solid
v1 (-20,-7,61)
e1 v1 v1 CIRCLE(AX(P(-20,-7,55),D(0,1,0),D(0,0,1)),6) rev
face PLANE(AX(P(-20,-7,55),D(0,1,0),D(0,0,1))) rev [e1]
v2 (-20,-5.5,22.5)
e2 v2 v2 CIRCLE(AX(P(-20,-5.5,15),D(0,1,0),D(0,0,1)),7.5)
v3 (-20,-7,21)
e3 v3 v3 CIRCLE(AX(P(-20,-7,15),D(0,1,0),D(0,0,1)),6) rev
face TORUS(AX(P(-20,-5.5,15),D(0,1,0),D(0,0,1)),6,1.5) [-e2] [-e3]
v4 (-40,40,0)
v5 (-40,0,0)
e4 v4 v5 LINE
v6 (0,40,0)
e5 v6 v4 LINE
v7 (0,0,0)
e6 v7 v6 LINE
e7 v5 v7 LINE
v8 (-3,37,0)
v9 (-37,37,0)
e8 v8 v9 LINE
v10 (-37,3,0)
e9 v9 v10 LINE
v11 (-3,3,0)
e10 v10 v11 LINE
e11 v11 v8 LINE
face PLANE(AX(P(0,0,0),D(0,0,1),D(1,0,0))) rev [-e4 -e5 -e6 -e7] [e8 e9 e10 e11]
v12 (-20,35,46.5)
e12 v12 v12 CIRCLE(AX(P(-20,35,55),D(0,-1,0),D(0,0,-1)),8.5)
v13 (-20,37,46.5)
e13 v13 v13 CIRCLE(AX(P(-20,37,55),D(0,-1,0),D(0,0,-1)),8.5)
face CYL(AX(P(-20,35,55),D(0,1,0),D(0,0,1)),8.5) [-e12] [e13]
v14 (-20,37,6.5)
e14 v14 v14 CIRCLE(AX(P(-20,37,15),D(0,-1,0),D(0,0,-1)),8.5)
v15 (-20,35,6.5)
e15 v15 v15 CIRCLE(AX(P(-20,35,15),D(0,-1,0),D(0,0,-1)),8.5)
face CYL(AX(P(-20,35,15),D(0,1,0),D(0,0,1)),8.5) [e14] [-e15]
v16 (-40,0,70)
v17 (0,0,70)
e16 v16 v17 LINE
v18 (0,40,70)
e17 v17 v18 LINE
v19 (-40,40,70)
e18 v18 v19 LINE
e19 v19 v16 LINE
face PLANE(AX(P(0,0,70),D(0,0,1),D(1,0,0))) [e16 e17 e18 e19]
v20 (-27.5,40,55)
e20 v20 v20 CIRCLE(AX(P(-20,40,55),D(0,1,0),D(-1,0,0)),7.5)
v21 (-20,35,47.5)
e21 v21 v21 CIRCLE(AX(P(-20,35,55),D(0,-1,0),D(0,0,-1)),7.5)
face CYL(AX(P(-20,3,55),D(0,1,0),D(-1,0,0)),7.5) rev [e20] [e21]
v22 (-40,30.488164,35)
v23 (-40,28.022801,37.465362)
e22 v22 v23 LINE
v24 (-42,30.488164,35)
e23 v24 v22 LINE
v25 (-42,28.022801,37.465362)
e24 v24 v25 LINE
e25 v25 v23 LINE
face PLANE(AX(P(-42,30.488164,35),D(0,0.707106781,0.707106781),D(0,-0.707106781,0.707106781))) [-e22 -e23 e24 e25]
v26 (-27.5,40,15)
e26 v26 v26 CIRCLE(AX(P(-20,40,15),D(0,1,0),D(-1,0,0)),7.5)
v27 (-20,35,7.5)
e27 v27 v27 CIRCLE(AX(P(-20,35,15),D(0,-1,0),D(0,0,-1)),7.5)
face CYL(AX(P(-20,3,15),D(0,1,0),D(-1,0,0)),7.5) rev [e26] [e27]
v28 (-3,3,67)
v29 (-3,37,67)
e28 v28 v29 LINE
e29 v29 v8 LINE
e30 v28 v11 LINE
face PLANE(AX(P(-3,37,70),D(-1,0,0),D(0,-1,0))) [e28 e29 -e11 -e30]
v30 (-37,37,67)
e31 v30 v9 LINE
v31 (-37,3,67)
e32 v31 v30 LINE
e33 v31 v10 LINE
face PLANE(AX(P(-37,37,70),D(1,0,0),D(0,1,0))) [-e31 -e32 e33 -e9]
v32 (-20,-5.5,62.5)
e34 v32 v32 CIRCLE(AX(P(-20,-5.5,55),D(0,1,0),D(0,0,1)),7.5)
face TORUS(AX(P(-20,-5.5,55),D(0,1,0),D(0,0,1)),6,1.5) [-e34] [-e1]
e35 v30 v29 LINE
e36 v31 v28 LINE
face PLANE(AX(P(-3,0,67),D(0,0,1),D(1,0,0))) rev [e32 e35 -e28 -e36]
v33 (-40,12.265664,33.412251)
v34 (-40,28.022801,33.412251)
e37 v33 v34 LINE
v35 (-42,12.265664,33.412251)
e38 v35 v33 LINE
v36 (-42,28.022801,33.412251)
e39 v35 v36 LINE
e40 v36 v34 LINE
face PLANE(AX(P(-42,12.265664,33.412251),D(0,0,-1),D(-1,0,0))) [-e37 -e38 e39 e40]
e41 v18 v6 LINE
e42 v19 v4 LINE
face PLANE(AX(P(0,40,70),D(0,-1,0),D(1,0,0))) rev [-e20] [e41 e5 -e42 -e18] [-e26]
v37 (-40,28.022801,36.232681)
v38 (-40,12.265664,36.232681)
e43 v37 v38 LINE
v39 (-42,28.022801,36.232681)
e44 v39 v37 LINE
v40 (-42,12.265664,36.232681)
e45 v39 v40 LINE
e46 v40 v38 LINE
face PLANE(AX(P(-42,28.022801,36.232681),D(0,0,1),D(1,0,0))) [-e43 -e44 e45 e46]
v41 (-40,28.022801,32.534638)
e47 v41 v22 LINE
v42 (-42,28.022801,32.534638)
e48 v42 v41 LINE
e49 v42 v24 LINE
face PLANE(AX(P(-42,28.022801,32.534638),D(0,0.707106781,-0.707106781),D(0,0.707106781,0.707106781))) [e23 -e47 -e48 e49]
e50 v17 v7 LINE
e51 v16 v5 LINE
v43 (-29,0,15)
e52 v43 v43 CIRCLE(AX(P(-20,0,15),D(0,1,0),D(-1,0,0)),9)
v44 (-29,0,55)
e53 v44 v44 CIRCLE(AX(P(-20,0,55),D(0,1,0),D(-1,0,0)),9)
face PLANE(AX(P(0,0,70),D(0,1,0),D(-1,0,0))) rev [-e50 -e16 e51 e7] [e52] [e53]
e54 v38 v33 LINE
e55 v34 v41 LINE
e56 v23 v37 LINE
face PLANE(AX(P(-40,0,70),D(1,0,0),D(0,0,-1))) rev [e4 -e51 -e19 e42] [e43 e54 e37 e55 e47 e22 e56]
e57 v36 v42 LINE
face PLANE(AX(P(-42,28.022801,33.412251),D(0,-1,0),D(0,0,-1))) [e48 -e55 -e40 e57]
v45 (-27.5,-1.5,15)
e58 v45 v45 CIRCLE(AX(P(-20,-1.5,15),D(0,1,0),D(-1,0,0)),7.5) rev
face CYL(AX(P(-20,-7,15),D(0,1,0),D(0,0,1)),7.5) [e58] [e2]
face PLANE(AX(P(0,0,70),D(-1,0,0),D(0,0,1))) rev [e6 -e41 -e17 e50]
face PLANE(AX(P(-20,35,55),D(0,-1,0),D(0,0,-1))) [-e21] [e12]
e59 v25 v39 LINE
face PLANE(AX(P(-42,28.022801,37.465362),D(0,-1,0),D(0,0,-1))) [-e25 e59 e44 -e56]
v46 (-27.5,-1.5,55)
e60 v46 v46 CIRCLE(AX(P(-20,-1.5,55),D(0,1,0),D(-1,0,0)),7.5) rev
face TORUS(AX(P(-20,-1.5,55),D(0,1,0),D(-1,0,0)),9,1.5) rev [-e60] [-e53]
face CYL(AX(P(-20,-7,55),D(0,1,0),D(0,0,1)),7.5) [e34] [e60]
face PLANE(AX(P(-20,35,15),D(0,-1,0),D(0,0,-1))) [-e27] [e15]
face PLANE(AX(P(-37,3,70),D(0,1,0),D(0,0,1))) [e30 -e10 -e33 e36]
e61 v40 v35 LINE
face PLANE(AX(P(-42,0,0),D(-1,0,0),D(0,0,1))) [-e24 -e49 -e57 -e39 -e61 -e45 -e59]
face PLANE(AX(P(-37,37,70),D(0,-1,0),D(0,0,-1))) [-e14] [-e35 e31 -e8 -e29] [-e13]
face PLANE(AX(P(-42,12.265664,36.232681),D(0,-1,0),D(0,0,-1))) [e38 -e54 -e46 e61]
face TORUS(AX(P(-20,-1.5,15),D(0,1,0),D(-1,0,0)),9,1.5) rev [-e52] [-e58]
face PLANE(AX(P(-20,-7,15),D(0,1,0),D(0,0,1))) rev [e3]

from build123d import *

# Parameters (mm, degrees)
SKETCH1_W           = 40
SKETCH1_H           = 40
SKETCH1_W_2         = 34
SKETCH1_H_2         = 34
BOSS_EXTRUDE1_DEPTH = 70
SKETCH2_W           = 34
SKETCH2_H           = 3
BOSS_EXTRUDE2_DEPTH = 37
CUT_EXTRUDE1_DEPTH  = 37
SKETCH4_R           = 8.5
SKETCH4_R_2         = 7.5
BOSS_EXTRUDE3_DEPTH = 2
SKETCH6_R           = 7.5
BOSS_EXTRUDE4_DEPTH = 10
FILLET2_R           = 1.5
FILLET3_R           = 1.5
FILLET4_R           = 1.5
FILLET5_R           = 1.5
BOSS_EXTRUDE5_DEPTH = 2


with BuildPart() as part:
    # Sketch1 → Boss-Extrude1 (new body)
    with BuildSketch(Plane.XY):
        with Locations((-20, 20)):
            Rectangle(SKETCH1_W, SKETCH1_H)
        with Locations((-20, 20)):
            Rectangle(SKETCH1_W_2, SKETCH1_H_2, mode=Mode.SUBTRACT)
    extrude(amount=BOSS_EXTRUDE1_DEPTH)

    # Sketch2 → Boss-Extrude2 (add)
    with BuildSketch(Plane(origin=(0, 37, 0), x_dir=(-1, 0, 0), z_dir=(0, -1, 0))):
        with Locations((20, -68.5)):
            Rectangle(SKETCH2_W, SKETCH2_H)
    extrude(amount=BOSS_EXTRUDE2_DEPTH)

    # Sketch3 → Cut-Extrude1 (cut)
    with BuildSketch(Plane(origin=(0, 40, 0), x_dir=(1, 0, 0), z_dir=(0, 1, 0))):
        with BuildLine():
            ThreePointArc((-12.5, -15), (-14.696699141, -9.696699141), (-20, -7.5))
            Line((-20, -7.5), (-20, -15))
            Line((-20, -15), (-12.5, -15))
        make_face()
        with BuildLine():
            Line((-20, -15), (-20, -7.5))
            ThreePointArc((-20, -7.5), (-25.303300859, -9.696699141), (-27.5, -15))
            Line((-27.5, -15), (-20, -15))
        make_face()
        with BuildLine():
            Line((-12.5, -15), (-20, -15))
            Line((-20, -15), (-20, -22.5))
            ThreePointArc((-20, -22.5), (-14.696699141, -20.303300859), (-12.5, -15))
        make_face()
        with BuildLine():
            Line((-20, -22.5), (-20, -15))
            Line((-20, -15), (-27.5, -15))
            ThreePointArc((-27.5, -15), (-25.303300859, -20.303300859), (-20, -22.5))
        make_face()
        with BuildLine():
            ThreePointArc((-12.5, -55), (-14.696699141, -49.696699141), (-20, -47.5))
            Line((-20, -47.5), (-20, -55))
            Line((-20, -55), (-12.5, -55))
        make_face()
        with BuildLine():
            Line((-20, -55), (-20, -47.5))
            ThreePointArc((-20, -47.5), (-25.303300859, -49.696699141), (-27.5, -55))
            Line((-27.5, -55), (-20, -55))
        make_face()
        with BuildLine():
            Line((-12.5, -55), (-20, -55))
            Line((-20, -55), (-20, -62.5))
            ThreePointArc((-20, -62.5), (-14.696699141, -60.303300859), (-12.5, -55))
        make_face()
        with BuildLine():
            Line((-20, -62.5), (-20, -55))
            Line((-20, -55), (-27.5, -55))
            ThreePointArc((-27.5, -55), (-25.303300859, -60.303300859), (-20, -62.5))
        make_face()
    extrude(amount=-CUT_EXTRUDE1_DEPTH, mode=Mode.SUBTRACT)

    # Sketch4 → Boss-Extrude3 (add)
    with BuildSketch(Plane(origin=(0, 37, 0), x_dir=(-1, 0, 0), z_dir=(0, -1, 0))):
        with Locations((20, -15)):
            Circle(SKETCH4_R)
        with Locations((20, -15)):
            Circle(SKETCH4_R_2, mode=Mode.SUBTRACT)
        with Locations((20, -55)):
            Circle(SKETCH4_R)
        with Locations((20, -55)):
            Circle(SKETCH4_R_2, mode=Mode.SUBTRACT)
    extrude(amount=BOSS_EXTRUDE3_DEPTH)

    # Sketch6 → Boss-Extrude4 (add)
    with BuildSketch(Plane(origin=(0, 3, 0), x_dir=(1, 0, 0), z_dir=(0, 1, 0))):
        with Locations((-20, -15)):
            Circle(SKETCH6_R)
        with Locations((-20, -55)):
            Circle(SKETCH6_R)
    extrude(amount=-BOSS_EXTRUDE4_DEPTH)

    # Fillet2
    fillet2_edges = [part.edges().sort_by_distance(p)[0] for p in [
        (-27.5, -7, 55),
    ]]
    fillet(fillet2_edges, radius=FILLET2_R)

    # Fillet3
    fillet3_edges = [part.edges().sort_by_distance(p)[0] for p in [
        (-27.5, -7, 15),
    ]]
    fillet(fillet3_edges, radius=FILLET3_R)

    # Fillet4
    fillet4_edges = [part.edges().sort_by_distance(p)[0] for p in [
        (-27.5, 0, 15),
    ]]
    fillet(fillet4_edges, radius=FILLET4_R)

    # Fillet5
    fillet5_edges = [part.edges().sort_by_distance(p)[0] for p in [
        (-27.5, 0, 55),
    ]]
    fillet(fillet5_edges, radius=FILLET5_R)

    # Sketch9 → Boss-Extrude5 (add)
    with BuildSketch(Plane.ZY.offset(40)):
        Polygon((35, 30.488163829), (37.465362362, 28.022801468), (36.232681181, 28.022801468), (36.232681181, 12.265663865), (33.412251244, 12.265663865), (33.412251244, 28.022801468), (32.534637638, 28.022801468), align=None)
    extrude(amount=BOSS_EXTRUDE5_DEPTH)


solid = part.part
